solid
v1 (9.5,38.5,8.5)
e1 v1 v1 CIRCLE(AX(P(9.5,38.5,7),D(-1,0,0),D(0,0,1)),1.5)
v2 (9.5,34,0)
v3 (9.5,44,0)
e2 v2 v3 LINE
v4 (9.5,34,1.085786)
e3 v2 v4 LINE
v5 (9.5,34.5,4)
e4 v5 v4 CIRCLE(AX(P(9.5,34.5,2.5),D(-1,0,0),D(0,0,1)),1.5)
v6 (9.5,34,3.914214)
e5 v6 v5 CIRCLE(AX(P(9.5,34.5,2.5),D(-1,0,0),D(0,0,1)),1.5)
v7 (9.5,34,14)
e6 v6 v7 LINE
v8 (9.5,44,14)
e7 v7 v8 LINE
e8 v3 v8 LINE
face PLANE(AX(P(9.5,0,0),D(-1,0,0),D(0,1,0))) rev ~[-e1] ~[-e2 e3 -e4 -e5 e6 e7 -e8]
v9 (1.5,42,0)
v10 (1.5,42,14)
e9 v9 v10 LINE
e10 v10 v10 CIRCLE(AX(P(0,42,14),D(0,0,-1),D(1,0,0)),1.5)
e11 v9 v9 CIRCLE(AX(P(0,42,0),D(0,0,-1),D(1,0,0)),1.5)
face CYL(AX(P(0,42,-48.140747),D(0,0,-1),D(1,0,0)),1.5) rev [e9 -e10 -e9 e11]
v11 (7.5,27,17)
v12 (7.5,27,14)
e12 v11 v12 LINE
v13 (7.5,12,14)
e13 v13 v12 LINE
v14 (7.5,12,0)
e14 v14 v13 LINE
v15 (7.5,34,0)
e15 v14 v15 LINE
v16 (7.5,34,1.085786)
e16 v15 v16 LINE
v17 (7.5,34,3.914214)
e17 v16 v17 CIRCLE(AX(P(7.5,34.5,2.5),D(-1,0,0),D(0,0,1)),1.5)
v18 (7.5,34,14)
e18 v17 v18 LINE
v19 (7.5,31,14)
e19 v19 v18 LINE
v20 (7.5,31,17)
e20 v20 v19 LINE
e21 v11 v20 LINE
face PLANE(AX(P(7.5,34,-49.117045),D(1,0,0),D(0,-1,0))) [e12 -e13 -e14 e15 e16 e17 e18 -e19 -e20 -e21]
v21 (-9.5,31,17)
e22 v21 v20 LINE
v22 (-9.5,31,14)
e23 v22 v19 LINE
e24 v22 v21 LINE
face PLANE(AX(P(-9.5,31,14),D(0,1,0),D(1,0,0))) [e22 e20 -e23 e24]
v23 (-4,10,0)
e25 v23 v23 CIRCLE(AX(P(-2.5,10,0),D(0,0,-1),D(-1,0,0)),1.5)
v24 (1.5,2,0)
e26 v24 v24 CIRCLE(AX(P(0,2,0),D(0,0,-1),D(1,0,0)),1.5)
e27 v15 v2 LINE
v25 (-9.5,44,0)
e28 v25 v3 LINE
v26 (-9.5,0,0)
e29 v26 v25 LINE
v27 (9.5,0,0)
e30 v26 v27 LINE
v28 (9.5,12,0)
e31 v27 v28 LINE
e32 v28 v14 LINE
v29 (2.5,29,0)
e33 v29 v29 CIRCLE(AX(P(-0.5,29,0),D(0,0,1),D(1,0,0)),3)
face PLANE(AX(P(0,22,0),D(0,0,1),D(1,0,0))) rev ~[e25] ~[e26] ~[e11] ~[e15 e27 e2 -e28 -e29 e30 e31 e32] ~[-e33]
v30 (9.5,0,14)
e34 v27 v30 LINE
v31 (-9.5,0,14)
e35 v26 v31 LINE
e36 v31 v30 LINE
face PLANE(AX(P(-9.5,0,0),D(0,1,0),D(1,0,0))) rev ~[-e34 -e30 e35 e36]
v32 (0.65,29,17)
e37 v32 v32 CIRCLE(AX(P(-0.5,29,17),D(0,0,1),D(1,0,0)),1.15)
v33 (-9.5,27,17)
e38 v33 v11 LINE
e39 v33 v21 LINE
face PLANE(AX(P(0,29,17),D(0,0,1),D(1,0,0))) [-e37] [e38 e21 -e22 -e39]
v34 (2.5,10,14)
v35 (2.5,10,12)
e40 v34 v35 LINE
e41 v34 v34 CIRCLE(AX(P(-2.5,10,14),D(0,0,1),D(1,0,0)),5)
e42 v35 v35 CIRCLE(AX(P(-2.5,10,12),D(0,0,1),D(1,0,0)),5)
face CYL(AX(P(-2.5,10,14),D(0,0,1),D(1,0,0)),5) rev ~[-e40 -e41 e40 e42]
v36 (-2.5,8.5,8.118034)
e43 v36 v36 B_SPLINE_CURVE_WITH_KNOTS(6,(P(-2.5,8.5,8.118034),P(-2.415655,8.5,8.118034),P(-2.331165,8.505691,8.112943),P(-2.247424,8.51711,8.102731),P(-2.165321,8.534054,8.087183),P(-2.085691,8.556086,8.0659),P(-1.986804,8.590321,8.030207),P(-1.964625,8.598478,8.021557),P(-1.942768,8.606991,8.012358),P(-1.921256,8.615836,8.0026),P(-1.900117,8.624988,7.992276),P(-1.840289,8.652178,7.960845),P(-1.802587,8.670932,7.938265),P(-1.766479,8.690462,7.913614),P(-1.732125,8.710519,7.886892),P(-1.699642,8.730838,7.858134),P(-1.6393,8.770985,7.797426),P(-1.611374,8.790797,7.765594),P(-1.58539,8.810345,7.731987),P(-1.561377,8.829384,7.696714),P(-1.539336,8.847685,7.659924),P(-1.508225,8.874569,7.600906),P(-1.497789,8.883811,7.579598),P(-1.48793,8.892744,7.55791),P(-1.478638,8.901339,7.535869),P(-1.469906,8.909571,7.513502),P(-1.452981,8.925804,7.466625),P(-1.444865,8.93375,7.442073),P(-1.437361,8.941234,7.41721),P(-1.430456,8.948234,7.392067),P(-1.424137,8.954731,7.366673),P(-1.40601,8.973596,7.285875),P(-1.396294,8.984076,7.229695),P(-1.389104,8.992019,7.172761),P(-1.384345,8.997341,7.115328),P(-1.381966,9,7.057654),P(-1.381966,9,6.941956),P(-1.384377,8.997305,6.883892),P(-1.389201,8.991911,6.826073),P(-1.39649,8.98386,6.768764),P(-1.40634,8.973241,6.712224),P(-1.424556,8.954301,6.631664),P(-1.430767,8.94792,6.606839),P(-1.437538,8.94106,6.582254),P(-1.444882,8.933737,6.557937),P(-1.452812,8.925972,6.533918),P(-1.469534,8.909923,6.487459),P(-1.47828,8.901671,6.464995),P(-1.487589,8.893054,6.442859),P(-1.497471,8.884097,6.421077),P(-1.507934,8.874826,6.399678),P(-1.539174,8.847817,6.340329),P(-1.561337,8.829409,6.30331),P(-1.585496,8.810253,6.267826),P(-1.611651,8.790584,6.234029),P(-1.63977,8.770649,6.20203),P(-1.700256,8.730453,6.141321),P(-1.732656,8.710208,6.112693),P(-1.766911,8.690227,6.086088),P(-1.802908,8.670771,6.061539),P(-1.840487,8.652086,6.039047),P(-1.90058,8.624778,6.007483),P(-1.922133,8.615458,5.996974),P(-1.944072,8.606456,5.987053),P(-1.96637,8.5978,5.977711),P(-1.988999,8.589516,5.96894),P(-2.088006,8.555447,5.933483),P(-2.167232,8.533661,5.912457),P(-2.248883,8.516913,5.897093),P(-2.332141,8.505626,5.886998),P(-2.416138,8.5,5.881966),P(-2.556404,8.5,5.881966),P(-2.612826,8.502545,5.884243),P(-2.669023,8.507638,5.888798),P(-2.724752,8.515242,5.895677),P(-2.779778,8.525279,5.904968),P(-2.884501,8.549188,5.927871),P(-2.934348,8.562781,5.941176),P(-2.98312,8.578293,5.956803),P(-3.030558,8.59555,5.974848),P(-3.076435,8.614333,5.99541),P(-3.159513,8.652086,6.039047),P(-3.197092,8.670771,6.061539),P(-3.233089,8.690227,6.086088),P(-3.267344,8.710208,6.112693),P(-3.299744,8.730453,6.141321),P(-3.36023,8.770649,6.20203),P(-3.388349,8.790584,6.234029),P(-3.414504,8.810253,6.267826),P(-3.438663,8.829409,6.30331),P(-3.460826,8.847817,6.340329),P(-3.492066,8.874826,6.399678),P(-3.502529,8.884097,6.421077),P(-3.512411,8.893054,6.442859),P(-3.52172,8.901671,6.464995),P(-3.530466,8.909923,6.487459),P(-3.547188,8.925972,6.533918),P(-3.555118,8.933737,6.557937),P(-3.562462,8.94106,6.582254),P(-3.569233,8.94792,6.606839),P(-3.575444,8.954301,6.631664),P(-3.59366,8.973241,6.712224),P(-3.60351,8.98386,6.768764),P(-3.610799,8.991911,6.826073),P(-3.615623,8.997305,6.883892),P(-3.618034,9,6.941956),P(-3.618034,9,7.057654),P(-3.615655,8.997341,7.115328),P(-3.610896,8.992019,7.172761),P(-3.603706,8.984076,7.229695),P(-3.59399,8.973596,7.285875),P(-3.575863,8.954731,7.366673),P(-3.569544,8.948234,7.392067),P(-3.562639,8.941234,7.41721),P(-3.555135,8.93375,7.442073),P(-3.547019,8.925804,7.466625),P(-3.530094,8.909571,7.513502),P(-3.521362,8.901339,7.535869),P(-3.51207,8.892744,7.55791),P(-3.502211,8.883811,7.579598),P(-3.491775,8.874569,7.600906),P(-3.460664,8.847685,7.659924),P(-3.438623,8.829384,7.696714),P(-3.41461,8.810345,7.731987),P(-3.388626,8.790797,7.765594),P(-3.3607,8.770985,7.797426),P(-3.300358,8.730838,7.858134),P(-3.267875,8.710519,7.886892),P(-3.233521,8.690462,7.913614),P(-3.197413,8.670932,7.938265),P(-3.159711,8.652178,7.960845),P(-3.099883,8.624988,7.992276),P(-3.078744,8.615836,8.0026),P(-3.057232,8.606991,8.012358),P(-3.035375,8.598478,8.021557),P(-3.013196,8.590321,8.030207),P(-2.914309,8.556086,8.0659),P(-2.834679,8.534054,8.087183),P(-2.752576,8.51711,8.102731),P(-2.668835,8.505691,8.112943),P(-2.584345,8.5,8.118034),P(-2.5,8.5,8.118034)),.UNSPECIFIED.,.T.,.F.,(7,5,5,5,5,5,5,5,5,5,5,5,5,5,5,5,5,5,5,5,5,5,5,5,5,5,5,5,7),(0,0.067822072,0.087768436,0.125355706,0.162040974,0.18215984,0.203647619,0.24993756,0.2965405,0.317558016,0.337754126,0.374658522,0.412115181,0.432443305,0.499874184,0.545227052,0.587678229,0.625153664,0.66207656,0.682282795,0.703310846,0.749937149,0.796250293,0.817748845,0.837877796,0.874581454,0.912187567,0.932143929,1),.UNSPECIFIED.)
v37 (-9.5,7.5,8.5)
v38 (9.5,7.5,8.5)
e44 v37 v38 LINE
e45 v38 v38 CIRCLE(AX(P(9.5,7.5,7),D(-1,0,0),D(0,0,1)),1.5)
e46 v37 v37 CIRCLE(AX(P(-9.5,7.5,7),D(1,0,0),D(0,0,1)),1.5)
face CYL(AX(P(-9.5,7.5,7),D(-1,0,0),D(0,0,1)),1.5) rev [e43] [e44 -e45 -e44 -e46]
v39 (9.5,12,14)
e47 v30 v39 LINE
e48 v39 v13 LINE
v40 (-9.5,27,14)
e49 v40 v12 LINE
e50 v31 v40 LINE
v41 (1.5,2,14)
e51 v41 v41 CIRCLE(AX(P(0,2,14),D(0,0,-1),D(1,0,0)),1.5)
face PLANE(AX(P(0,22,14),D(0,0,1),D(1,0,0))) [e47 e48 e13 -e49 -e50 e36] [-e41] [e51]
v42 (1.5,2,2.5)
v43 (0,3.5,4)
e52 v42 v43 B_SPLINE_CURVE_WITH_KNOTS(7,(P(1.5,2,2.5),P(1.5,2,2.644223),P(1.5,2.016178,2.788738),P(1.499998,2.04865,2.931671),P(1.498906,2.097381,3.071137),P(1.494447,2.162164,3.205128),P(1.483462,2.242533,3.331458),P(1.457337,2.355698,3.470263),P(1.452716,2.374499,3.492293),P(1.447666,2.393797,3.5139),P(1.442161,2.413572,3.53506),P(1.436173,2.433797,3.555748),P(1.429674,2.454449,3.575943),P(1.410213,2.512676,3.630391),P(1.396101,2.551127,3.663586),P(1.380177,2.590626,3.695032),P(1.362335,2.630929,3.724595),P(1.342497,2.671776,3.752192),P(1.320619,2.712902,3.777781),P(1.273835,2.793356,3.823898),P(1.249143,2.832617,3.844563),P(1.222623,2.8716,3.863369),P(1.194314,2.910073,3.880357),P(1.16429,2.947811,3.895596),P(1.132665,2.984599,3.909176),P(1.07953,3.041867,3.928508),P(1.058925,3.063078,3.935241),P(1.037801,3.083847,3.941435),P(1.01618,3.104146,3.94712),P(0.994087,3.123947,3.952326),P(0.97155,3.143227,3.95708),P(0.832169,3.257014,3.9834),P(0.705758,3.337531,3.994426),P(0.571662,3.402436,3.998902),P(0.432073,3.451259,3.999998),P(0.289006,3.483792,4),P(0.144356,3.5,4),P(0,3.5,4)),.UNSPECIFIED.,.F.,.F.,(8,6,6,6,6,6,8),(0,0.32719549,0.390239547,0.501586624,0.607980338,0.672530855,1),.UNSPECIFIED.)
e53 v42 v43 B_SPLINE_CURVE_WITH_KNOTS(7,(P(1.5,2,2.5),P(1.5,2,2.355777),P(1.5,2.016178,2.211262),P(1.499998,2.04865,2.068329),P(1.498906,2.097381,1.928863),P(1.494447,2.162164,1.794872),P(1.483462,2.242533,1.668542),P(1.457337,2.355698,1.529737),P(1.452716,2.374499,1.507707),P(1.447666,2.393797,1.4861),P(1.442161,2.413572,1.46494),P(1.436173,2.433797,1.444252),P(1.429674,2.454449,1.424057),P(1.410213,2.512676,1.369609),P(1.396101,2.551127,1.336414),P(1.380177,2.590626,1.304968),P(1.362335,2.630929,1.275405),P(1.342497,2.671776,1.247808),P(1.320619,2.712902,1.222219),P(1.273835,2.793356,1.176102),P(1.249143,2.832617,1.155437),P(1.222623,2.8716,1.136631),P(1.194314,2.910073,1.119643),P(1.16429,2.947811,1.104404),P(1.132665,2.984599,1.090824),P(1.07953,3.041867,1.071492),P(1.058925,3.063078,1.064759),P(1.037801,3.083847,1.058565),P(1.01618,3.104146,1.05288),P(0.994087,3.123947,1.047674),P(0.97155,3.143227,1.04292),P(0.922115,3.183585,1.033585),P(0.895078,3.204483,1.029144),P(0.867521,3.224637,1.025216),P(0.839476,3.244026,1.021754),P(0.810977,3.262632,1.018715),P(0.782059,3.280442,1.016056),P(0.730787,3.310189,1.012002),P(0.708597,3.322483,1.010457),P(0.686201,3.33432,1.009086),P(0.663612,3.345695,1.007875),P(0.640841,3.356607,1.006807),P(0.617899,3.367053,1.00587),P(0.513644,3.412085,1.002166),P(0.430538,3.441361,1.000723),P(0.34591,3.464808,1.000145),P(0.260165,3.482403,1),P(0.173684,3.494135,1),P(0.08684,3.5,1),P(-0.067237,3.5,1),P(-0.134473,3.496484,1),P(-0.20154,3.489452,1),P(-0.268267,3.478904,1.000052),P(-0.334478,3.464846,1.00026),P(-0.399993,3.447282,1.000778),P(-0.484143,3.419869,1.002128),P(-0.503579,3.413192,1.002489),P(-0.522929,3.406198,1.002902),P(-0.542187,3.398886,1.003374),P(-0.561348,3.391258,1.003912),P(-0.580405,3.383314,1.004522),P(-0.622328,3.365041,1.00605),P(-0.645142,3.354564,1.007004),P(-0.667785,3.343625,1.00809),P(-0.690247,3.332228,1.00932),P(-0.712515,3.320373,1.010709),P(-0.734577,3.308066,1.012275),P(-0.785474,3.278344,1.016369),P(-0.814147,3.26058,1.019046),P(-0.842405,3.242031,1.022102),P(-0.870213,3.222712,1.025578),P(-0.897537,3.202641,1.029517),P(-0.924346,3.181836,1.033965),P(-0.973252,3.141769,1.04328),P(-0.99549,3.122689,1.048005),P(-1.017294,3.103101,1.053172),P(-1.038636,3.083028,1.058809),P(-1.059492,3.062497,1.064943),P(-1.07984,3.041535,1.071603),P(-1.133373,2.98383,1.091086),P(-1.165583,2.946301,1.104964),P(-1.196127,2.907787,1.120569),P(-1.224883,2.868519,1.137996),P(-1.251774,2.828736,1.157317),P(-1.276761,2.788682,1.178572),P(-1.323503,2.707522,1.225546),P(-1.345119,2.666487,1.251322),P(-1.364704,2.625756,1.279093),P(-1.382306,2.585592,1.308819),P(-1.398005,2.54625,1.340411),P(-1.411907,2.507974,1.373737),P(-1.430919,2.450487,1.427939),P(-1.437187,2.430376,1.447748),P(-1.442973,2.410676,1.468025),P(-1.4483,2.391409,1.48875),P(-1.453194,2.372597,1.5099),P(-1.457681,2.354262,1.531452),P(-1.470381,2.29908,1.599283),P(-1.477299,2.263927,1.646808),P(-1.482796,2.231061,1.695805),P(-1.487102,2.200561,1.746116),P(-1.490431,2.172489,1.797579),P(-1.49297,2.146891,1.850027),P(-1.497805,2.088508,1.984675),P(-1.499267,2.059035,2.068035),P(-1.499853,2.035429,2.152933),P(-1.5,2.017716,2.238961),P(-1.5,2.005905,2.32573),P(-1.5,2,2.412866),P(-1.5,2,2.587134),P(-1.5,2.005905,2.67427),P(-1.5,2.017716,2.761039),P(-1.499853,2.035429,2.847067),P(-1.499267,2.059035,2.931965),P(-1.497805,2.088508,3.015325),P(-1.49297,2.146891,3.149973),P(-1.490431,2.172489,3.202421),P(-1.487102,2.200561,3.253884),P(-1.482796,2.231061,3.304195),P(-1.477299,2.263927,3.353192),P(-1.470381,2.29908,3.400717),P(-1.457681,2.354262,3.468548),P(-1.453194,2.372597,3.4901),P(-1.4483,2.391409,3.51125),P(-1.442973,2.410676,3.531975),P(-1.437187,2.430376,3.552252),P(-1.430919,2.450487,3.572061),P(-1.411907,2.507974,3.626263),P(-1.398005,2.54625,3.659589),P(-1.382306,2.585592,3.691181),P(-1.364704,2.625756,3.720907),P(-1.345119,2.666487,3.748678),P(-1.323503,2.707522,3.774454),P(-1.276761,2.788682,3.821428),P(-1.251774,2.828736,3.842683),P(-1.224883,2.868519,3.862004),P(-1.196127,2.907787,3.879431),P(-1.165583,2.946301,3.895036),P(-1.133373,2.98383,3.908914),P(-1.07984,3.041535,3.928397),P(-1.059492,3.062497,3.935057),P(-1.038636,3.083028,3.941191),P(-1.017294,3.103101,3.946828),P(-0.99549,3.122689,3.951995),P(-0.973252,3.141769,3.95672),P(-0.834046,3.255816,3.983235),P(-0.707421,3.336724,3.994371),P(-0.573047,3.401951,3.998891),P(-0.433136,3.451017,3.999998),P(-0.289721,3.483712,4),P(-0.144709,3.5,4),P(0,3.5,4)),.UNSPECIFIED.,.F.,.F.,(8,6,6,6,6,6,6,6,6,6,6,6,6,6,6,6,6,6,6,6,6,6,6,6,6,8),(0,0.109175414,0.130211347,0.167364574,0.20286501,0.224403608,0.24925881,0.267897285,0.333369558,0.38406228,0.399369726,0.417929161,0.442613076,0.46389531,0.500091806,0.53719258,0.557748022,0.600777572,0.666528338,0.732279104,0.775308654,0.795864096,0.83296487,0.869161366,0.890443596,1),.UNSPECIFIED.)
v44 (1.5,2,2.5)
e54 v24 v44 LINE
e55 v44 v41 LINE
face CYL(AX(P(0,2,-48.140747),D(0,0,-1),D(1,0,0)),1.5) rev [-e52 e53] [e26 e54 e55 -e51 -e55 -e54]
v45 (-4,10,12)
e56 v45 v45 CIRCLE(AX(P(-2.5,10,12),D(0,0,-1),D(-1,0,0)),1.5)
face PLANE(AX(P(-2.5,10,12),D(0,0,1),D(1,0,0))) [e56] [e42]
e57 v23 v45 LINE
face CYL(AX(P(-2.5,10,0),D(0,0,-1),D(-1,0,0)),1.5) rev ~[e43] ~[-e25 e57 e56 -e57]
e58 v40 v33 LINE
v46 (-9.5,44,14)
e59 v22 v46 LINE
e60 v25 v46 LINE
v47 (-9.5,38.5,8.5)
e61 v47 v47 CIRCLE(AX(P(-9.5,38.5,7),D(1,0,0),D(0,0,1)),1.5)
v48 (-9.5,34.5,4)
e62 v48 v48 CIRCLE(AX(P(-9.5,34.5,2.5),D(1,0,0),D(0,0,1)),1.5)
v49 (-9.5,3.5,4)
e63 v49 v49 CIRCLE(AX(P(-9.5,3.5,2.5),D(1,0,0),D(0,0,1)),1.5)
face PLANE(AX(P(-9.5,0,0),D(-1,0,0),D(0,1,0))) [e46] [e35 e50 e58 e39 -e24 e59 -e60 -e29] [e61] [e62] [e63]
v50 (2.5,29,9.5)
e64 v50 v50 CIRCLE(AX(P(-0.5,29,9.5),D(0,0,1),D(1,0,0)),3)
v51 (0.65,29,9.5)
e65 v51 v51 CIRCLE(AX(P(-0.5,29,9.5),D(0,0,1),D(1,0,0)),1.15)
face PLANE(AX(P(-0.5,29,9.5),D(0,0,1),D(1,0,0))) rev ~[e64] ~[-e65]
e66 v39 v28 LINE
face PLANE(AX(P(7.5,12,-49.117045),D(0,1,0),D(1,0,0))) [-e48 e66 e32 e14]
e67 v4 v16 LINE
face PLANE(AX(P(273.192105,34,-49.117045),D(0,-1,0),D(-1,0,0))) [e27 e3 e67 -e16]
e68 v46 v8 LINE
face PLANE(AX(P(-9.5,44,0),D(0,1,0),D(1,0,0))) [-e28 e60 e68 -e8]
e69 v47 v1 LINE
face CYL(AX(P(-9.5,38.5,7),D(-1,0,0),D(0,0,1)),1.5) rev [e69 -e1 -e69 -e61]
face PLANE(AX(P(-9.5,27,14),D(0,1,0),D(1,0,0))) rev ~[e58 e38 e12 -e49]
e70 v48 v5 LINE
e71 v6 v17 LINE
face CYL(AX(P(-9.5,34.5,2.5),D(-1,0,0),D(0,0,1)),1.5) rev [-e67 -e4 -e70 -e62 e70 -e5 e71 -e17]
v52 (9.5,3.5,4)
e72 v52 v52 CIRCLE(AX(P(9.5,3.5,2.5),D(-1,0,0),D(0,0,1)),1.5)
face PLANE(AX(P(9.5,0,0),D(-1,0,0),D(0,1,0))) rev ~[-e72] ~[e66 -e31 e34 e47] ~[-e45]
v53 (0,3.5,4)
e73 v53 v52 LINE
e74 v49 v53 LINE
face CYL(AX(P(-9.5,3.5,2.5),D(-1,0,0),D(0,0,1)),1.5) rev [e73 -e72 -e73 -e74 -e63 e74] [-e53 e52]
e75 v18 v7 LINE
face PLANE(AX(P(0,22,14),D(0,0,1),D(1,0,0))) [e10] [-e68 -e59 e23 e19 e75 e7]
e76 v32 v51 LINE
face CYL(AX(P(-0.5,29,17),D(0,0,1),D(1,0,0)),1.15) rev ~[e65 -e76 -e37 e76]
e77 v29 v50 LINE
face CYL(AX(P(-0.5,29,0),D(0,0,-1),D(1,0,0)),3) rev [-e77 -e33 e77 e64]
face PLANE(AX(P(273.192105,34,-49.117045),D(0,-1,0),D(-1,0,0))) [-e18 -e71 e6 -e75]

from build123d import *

# Parameters (mm, degrees)
SKETCH1_W               = 19
SKETCH1_H               = 44
BOSS_EXTRUDE1_DEPTH     = 14
CUT_EXTRUDE1_DEPTH      = 48.140746706
CUT_EXTRUDE1_DEPTH_BACK = 48.140746706
SKETCH2_R               = 1.5
CUT_EXTRUDE2_START      = -9.5
SKETCH3_R               = 1.5
CUT_EXTRUDE2_DEPTH      = 20
BOSS_EXTRUDE2_START     = 14
SKETCH4_W               = 19
SKETCH4_H               = 4
BOSS_EXTRUDE2_DEPTH     = 3
CUT_EXTRUDE3_START      = 17
SKETCH5_R               = 1.15
CUT_EXTRUDE3_DEPTH      = 7.5
SKETCH6_R               = 3
CUT_EXTRUDE4_DEPTH      = 9.5
CUT_EXTRUDE5_DEPTH      = 49.117044817
CUT_EXTRUDE5_DEPTH_BACK = 49.117044817
SKETCH8_R               = 1.5
CUT_EXTRUDE6_DEPTH      = 36
SKETCH9_R               = 5
CUT_EXTRUDE7_DEPTH      = 2


with BuildPart() as part:
    # Sketch1 → Boss-Extrude1 (new body)
    with BuildSketch(Plane.XY):
        with Locations((0, 22)):
            Rectangle(SKETCH1_W, SKETCH1_H)
    extrude(amount=BOSS_EXTRUDE1_DEPTH)

    # Sketch2 → Cut-Extrude1 (cut, two sides: drawn at the far end of the back side and taken through both)
    with BuildSketch(Plane.XY.offset(-CUT_EXTRUDE1_DEPTH_BACK)):
        with Locations((0, 2)):
            Circle(SKETCH2_R)
        with Locations((0, 42)):
            Circle(SKETCH2_R)
    extrude(amount=CUT_EXTRUDE1_DEPTH + CUT_EXTRUDE1_DEPTH_BACK, mode=Mode.SUBTRACT)

    # Sketch3 → Cut-Extrude2 (cut)
    with BuildSketch(Plane(origin=(0, 0, 0), x_dir=(0, 0, -1), z_dir=(1, 0, 0)).offset(CUT_EXTRUDE2_START)):
        with Locations(Location((-7, 7.5, 0), (0, 0, 180))):
            Circle(SKETCH3_R)
        with Locations(Location((-7, 38.5, 0), (0, 0, 180))):
            Circle(SKETCH3_R)
        with Locations(Location((-2.5, 3.5, 0), (0, 0, 180))):
            Circle(SKETCH3_R)
        with Locations(Location((-2.5, 34.5, 0), (0, 0, 180))):
            Circle(SKETCH3_R)
    extrude(amount=CUT_EXTRUDE2_DEPTH, mode=Mode.SUBTRACT)

    # Sketch4 → Boss-Extrude2 (add)
    with BuildSketch(Plane.XY.offset(BOSS_EXTRUDE2_START)):
        with Locations((0, 29)):
            Rectangle(SKETCH4_W, SKETCH4_H)
    extrude(amount=BOSS_EXTRUDE2_DEPTH)

    # Sketch5 → Cut-Extrude3 (cut)
    with BuildSketch(Plane.XY.offset(CUT_EXTRUDE3_START)):
        with Locations((-0.5, 29)):
            Circle(SKETCH5_R)
    extrude(amount=-CUT_EXTRUDE3_DEPTH, mode=Mode.SUBTRACT)

    # Sketch6 → Cut-Extrude4 (cut)
    with BuildSketch(Plane.XY):
        with Locations((-0.5, 29)):
            Circle(SKETCH6_R)
    extrude(amount=CUT_EXTRUDE4_DEPTH, mode=Mode.SUBTRACT)

    # Sketch7 → Cut-Extrude5 (cut, two sides: drawn at the far end of the back side and taken through both)
    with BuildSketch(Plane.XY.offset(-CUT_EXTRUDE5_DEPTH_BACK)):
        Polygon((97.397368474, 34), (9.5, 34), (7.5, 34), (7.5, 12), (9.5, 12), (97.397368474, 12), (273.192105422, 12), (273.192105422, 34), align=None)
    extrude(amount=CUT_EXTRUDE5_DEPTH + CUT_EXTRUDE5_DEPTH_BACK, mode=Mode.SUBTRACT)

    # Sketch8 → Cut-Extrude6 (cut)
    with BuildSketch(Plane(origin=(0, 0, 0), x_dir=(-1, 0, 0), z_dir=(0, 0, -1))):
        with Locations((2.5, 10)):
            Circle(SKETCH8_R)
    extrude(amount=-CUT_EXTRUDE6_DEPTH, mode=Mode.SUBTRACT)

    # Sketch9 → Cut-Extrude7 (cut)
    with BuildSketch(Plane.XY.offset(14)):
        with Locations((-2.5, 10)):
            Circle(SKETCH9_R)
    extrude(amount=-CUT_EXTRUDE7_DEPTH, mode=Mode.SUBTRACT)


solid = part.part
